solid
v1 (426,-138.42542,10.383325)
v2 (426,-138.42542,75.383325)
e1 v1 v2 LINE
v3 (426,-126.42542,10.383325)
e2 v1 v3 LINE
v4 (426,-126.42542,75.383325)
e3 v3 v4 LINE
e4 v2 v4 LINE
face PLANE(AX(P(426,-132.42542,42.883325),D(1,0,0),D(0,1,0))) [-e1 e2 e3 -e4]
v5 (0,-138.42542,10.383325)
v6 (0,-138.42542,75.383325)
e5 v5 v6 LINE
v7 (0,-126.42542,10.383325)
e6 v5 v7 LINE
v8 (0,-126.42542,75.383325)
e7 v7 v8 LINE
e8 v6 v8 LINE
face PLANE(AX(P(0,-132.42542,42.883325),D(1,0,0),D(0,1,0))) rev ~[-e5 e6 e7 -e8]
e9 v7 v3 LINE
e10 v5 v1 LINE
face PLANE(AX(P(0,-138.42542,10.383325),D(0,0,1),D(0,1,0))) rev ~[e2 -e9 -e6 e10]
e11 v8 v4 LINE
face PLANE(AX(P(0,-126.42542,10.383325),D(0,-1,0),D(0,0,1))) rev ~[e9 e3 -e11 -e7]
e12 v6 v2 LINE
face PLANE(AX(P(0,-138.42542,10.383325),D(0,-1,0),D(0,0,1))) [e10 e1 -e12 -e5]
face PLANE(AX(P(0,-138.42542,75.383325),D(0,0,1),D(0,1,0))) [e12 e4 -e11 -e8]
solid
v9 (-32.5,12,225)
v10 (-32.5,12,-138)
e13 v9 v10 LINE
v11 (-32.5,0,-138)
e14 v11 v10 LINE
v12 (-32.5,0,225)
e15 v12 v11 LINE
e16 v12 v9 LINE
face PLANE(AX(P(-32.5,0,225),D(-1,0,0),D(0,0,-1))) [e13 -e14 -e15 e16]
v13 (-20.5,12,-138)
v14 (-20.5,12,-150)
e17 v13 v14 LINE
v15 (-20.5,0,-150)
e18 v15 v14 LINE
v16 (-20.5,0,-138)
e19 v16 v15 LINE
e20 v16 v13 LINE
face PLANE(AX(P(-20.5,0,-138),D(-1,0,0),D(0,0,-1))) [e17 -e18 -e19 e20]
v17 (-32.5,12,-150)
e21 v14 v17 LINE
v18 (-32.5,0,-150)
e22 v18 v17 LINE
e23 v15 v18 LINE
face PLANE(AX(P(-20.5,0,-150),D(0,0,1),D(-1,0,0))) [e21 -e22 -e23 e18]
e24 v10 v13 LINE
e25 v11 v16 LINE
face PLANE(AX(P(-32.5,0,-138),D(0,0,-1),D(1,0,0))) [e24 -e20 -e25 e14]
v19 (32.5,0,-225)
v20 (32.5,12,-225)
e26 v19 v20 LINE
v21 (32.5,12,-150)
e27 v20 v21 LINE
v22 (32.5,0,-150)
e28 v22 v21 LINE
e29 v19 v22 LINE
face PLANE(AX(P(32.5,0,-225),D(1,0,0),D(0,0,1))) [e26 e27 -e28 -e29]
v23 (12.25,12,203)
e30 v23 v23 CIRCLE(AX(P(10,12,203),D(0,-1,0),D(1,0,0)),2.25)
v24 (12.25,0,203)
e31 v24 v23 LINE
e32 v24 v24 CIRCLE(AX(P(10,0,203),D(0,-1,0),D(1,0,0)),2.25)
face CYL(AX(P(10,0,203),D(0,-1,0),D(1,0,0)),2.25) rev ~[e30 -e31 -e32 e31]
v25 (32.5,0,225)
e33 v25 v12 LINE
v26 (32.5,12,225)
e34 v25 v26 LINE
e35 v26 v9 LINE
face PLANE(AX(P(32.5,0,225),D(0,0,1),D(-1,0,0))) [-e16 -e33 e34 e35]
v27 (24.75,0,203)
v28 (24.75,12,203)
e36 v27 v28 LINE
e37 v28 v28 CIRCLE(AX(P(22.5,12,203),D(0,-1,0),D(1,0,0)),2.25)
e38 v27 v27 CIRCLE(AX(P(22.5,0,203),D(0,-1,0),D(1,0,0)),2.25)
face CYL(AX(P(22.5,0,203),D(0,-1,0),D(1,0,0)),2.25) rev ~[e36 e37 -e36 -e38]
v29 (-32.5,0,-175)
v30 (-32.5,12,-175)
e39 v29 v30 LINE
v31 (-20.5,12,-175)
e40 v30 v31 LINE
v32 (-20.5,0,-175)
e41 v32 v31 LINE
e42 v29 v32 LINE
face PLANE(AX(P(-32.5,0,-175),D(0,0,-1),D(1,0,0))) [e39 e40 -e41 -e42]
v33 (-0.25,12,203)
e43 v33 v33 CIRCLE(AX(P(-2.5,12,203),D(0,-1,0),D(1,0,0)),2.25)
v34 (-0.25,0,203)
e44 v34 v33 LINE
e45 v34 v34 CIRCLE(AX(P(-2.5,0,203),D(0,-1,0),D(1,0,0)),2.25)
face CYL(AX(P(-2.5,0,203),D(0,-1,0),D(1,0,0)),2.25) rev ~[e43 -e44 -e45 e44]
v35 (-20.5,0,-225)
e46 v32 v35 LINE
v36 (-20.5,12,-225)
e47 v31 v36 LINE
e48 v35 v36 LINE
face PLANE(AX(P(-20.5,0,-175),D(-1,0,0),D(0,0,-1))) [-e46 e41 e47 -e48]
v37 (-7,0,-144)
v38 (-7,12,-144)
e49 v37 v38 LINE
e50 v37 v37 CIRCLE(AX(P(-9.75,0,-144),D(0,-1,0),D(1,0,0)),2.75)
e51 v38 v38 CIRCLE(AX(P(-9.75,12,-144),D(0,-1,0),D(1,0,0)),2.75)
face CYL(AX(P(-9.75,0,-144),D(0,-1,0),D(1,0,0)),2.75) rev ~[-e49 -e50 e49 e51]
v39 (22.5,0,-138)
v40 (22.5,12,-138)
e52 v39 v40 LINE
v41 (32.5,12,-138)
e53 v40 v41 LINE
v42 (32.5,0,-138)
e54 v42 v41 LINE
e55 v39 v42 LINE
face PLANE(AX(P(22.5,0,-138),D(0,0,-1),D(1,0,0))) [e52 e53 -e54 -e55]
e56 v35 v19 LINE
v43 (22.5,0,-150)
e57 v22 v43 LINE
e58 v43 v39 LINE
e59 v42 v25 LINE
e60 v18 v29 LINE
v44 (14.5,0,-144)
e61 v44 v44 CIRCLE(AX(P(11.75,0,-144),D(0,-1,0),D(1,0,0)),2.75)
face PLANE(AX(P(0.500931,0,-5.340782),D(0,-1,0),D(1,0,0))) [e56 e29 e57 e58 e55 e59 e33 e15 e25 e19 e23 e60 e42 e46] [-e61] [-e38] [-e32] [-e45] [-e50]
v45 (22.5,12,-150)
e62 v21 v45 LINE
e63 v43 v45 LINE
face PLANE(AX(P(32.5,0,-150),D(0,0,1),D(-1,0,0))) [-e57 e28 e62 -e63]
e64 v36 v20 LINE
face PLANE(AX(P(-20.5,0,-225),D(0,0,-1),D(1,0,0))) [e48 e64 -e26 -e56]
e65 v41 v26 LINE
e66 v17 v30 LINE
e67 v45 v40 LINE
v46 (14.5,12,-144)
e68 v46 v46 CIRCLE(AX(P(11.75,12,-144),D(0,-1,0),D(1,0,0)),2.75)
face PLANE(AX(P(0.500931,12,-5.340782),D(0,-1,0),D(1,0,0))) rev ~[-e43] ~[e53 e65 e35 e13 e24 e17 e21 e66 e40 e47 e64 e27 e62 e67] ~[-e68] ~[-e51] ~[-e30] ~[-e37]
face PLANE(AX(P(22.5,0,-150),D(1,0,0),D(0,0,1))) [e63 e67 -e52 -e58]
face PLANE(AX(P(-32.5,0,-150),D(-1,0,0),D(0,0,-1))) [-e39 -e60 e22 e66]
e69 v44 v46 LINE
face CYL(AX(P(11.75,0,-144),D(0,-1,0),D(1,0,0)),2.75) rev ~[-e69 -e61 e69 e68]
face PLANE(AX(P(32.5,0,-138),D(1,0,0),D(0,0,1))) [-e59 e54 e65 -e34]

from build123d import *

# Parameters (mm, degrees)
F0_R     = 2.75
F0_R_2   = 2.25
F1_DEPTH = 12
F2_W     = 12
F2_H     = 65
F3_DEPTH = 426


with BuildPart() as f1:
    # F0 (on Front) → F1 (new body)
    with BuildSketch(Plane.XZ):
        Polygon((32.5, 225), (-32.5, 225), (-32.5, -138), (-20.5, -138), (-20.5, -150), (-32.5, -150), (-32.5, -175), (-20.5, -175), (-20.5, -225), (32.5, -225), (32.5, -150), (22.5, -150), (22.5, -138), (32.5, -138), align=None)
        with Locations((-9.75, -144)):
            Circle(F0_R, mode=Mode.SUBTRACT)
        with Locations((11.75, -144)):
            Circle(F0_R, mode=Mode.SUBTRACT)
        with Locations((-2.5, 203)):
            Circle(F0_R_2, mode=Mode.SUBTRACT)
        with Locations((10, 203)):
            Circle(F0_R_2, mode=Mode.SUBTRACT)
        with Locations((22.5, 203)):
            Circle(F0_R_2, mode=Mode.SUBTRACT)
    extrude(amount=-F1_DEPTH)


with BuildPart() as f3:
    # F2 (on Right) → F3 (new body)
    with BuildSketch(Plane.YZ):
        with Locations((-132.42542, 42.883325)):
            Rectangle(F2_W, F2_H)
    extrude(amount=F3_DEPTH)


solid = Compound([f1.part, f3.part])
